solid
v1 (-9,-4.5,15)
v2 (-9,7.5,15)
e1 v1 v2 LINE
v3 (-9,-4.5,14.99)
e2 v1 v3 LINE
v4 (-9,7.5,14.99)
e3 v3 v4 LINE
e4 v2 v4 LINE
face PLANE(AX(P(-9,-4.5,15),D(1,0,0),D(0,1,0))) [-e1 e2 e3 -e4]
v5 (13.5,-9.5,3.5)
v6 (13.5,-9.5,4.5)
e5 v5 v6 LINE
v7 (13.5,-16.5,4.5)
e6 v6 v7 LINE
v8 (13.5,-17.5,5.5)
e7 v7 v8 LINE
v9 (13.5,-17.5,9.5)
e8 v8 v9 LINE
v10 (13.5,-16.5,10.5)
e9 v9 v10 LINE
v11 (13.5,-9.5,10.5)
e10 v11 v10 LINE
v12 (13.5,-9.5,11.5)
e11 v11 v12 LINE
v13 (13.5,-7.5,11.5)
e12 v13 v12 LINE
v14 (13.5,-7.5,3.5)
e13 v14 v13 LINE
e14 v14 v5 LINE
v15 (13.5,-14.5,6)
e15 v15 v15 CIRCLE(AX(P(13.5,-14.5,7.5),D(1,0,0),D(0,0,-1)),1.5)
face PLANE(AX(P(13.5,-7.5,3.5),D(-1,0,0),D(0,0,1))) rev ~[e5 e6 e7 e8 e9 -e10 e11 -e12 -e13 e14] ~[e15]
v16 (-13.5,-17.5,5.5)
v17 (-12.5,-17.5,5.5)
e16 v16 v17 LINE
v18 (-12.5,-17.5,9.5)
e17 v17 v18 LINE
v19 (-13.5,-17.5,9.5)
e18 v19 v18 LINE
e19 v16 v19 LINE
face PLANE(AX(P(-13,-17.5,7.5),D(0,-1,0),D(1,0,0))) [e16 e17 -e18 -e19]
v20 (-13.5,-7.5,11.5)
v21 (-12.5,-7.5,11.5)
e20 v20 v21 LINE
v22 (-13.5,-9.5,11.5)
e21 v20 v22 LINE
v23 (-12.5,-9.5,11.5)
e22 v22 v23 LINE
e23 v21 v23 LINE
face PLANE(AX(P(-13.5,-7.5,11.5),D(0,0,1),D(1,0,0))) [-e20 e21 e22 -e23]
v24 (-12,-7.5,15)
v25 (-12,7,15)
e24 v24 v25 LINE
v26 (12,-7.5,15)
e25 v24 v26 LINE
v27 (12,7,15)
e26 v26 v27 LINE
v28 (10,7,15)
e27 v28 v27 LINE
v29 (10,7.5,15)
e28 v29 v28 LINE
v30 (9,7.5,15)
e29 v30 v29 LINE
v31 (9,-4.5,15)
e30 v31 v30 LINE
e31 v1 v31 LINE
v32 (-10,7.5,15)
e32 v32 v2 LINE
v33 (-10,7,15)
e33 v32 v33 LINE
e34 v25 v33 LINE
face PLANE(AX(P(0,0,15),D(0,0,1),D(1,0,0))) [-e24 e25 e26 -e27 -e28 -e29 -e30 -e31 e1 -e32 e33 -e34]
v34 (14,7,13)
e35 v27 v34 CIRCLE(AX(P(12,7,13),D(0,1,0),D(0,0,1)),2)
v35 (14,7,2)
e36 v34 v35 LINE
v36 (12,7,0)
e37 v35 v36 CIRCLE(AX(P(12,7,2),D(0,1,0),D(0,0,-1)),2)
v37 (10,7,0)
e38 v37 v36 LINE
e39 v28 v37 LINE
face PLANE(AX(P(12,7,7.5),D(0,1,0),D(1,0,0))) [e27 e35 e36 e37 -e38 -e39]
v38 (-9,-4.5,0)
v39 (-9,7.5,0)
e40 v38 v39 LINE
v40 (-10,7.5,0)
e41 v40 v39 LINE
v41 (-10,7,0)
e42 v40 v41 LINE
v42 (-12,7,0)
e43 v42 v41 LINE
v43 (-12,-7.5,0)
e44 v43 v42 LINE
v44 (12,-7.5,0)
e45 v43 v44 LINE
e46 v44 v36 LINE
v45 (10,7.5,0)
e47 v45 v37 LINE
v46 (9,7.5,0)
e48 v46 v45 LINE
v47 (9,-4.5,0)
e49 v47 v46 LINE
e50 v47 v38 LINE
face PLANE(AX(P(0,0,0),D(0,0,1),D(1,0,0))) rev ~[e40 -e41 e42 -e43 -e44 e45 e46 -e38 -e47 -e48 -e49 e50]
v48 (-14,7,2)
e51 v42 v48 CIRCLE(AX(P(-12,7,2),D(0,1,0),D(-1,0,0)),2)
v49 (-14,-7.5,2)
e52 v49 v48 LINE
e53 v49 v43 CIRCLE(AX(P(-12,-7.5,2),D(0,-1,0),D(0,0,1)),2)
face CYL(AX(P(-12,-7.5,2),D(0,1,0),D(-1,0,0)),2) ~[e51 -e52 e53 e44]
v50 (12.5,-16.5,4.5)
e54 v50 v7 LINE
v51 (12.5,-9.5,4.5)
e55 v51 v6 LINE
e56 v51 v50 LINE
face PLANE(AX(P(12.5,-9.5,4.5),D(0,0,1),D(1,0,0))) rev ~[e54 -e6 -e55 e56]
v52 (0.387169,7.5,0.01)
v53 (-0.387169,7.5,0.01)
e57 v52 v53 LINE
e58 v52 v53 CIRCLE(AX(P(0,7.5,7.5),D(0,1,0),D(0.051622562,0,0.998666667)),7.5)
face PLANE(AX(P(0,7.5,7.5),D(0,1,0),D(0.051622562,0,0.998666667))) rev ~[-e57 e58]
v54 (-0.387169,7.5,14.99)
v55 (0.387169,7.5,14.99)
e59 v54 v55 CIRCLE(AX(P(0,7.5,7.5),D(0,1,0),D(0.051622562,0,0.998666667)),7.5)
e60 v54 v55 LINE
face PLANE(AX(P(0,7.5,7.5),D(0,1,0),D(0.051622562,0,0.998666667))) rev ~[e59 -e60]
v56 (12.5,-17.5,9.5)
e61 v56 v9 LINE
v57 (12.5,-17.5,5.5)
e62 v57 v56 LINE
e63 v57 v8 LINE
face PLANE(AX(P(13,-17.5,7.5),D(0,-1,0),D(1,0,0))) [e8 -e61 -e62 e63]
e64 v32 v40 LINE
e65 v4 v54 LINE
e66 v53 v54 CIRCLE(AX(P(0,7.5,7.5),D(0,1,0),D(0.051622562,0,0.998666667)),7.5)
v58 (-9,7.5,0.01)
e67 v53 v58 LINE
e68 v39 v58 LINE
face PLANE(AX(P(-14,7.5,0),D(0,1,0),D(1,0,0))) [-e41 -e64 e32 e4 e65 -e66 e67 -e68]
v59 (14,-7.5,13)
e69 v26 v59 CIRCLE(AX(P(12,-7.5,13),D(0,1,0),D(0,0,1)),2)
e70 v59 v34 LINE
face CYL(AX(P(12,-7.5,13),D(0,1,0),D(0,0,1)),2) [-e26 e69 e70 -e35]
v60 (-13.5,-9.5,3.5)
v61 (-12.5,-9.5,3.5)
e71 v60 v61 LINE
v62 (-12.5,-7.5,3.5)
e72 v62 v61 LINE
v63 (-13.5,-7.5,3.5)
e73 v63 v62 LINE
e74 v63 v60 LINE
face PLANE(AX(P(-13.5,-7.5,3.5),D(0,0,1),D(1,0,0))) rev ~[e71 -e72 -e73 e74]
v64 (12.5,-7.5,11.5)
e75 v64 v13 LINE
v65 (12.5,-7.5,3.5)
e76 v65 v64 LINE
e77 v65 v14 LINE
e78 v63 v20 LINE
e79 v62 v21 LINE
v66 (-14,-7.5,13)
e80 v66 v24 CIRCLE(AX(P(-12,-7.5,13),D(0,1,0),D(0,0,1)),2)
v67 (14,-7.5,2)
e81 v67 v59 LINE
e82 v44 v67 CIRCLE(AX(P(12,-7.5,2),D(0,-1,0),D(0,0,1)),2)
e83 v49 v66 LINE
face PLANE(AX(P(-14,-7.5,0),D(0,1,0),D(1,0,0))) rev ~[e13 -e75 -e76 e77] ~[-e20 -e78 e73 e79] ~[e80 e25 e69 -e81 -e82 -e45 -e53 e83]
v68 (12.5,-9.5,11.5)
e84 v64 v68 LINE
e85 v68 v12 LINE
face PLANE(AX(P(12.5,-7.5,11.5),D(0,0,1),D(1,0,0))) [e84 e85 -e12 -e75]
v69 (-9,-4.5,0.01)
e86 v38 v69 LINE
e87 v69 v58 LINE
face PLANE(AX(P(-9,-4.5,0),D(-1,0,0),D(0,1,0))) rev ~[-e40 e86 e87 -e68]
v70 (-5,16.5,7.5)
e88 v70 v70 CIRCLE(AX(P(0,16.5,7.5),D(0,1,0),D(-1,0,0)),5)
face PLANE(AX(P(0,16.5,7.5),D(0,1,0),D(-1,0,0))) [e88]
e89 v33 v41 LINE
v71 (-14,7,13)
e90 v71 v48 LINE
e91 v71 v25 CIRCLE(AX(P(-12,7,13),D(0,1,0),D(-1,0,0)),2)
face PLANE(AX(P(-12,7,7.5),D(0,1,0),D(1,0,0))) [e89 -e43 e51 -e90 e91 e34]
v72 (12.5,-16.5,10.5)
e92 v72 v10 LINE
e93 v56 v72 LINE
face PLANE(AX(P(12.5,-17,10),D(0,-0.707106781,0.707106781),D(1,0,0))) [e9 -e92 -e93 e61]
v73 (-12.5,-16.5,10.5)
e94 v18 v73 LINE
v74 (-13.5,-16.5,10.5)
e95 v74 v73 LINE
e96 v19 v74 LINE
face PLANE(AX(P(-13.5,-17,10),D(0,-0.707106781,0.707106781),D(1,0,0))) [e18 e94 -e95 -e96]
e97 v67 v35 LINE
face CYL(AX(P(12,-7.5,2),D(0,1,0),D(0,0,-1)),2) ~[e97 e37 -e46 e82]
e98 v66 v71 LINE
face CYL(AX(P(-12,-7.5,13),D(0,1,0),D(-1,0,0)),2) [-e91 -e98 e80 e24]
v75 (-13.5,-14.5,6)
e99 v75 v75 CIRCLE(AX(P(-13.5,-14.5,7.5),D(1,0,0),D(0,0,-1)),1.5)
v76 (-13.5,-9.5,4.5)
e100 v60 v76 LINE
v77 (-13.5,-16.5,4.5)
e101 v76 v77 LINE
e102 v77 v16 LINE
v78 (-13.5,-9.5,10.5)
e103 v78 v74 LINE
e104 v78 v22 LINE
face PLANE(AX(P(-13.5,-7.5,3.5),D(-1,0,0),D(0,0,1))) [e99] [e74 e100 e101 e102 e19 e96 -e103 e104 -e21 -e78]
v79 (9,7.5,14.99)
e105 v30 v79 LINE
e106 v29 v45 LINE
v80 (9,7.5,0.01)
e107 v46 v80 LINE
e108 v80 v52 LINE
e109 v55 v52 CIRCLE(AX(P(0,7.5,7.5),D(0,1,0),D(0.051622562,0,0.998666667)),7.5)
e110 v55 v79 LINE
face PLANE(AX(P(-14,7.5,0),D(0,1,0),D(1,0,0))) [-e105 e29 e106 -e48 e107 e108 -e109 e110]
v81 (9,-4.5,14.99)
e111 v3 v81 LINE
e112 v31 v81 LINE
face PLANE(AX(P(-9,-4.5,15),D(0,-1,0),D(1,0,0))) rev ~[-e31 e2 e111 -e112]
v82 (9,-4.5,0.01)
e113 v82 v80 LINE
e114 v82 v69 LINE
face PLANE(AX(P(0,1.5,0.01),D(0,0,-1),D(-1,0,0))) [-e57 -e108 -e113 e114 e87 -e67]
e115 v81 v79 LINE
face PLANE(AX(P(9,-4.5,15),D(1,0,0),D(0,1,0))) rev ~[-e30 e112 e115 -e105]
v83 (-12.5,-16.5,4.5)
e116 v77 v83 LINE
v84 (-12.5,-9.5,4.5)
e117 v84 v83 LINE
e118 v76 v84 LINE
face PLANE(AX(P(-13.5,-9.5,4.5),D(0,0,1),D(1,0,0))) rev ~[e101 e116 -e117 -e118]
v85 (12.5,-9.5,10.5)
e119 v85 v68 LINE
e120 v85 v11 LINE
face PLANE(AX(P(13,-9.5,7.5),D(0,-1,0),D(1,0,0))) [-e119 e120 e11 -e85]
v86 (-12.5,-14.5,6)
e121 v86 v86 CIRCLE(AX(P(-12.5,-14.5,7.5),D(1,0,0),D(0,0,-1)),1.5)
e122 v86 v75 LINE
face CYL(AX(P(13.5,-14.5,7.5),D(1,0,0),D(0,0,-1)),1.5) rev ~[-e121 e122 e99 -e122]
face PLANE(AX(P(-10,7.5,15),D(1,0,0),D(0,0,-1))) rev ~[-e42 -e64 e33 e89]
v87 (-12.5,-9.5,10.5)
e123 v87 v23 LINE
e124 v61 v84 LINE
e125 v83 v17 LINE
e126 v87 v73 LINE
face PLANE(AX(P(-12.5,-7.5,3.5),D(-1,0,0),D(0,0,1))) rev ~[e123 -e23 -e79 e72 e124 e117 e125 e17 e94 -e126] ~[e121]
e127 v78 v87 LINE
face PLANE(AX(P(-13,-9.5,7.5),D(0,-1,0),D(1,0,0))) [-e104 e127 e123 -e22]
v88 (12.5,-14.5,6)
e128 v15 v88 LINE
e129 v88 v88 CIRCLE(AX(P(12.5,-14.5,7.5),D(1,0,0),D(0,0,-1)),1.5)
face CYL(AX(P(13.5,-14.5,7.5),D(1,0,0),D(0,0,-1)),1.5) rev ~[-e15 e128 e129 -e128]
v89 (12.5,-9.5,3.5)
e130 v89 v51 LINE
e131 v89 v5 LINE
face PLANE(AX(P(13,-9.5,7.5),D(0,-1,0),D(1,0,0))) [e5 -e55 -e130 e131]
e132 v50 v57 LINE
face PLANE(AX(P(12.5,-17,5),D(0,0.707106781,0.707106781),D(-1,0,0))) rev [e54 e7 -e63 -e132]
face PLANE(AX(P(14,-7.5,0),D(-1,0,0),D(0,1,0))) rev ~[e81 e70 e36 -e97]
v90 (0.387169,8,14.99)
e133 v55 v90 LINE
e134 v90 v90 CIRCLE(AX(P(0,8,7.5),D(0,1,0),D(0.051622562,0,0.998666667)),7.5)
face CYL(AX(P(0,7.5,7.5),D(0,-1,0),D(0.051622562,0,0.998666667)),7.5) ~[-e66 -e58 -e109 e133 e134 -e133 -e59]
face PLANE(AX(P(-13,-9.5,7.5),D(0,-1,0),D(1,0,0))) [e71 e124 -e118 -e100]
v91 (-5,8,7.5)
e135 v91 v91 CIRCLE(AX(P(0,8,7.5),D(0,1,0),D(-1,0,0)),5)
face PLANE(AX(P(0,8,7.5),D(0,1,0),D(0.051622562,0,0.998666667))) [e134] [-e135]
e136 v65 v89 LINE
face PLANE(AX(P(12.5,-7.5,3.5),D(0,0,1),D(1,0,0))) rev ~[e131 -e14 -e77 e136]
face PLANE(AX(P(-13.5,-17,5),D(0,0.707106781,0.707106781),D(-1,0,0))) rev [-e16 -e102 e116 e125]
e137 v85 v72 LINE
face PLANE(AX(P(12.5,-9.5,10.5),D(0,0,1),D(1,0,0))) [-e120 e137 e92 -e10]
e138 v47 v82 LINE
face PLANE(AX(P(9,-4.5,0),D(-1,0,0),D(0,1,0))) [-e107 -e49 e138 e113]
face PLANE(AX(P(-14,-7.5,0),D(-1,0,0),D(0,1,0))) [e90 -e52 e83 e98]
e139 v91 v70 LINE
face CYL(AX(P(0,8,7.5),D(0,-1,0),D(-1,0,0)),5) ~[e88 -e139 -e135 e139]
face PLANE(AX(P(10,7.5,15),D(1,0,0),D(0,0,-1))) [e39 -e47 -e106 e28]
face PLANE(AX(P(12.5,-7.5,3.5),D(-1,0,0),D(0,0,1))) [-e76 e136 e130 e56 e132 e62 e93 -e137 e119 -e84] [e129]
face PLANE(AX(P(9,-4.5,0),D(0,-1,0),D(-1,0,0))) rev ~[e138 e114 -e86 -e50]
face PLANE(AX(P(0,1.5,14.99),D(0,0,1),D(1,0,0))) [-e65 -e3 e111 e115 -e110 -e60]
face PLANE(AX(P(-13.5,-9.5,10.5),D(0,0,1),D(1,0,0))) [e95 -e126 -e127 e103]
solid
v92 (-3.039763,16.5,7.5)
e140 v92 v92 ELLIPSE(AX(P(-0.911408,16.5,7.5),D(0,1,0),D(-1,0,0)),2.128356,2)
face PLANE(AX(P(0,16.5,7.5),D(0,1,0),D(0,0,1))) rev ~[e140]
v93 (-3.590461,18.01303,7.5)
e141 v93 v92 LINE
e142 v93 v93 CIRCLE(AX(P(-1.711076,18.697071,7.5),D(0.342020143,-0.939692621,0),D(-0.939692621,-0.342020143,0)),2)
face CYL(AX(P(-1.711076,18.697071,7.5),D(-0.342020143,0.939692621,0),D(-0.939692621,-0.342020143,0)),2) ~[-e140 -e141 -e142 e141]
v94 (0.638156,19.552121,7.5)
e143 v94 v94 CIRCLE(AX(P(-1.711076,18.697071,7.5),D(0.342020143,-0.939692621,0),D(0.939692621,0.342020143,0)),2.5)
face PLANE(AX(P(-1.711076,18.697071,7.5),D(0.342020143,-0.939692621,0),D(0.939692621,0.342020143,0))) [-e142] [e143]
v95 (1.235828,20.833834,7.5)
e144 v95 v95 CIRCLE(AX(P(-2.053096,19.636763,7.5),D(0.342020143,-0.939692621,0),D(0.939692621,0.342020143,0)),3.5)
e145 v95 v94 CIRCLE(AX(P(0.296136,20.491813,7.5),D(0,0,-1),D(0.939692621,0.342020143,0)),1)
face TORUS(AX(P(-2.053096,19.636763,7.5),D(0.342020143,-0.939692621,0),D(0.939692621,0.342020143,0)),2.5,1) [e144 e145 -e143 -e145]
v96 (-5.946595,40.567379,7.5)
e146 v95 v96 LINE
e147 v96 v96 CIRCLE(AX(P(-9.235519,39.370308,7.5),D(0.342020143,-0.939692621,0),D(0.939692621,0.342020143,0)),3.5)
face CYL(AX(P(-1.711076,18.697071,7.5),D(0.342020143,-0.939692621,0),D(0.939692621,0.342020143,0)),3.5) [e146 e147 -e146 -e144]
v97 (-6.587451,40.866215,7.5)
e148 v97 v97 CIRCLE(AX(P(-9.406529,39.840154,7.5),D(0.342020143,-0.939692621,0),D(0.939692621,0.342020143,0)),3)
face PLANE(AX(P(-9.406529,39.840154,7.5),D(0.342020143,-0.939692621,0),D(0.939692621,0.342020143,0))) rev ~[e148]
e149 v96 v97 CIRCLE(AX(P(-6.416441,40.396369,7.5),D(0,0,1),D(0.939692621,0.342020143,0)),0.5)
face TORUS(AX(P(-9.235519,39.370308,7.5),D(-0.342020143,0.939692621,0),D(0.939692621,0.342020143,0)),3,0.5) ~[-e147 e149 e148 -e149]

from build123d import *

# Parameters (mm, degrees)
SKETCH_1_W          = 28
SKETCH_1_H          = 15
EXTRUDE_1_DEPTH     = 15
SKETCH_2_W          = 1
SKETCH_2_H          = 8
EXTRUDE_2_DEPTH     = 2
SKETCH_3_W          = 1
SKETCH_3_H          = 6
EXTRUDE_3_DEPTH     = 8
SKETCH_4_W          = 1
SKETCH_4_H          = 6
EXTRUDE_4_DEPTH     = 8
FILLET_1_R          = 2
CHAMFER_1_SIZE      = 1
SKETCH_5_R          = 1.5
CUT_EXTRUDE_1_DEPTH = 36.881750236
SKETCH_6_W          = 4
SKETCH_6_H          = 15
CUT_EXTRUDE_2_DEPTH = 0.5
SKETCH_7_W          = 18
SKETCH_7_H          = 12
CUT_EXTRUDE_3_DEPTH = 0.01
SKETCH_8_W          = 18
SKETCH_8_H          = 12
CUT_EXTRUDE_4_DEPTH = 0.01
SKETCH_9_R          = 7.5
EXTRUDE_5_DEPTH     = 0.5
SKETCH_10_R         = 5
EXTRUDE_6_DEPTH     = 8.5
EXTRUDE_7_REACH     = 44.753
SKETCH_22_R         = 2
SKETCH_23_R         = 3.5
EXTRUDE_8_DEPTH     = 22.5
FILLET_2_R          = 1
FILLET_3_R          = 0.5


with BuildPart() as part:
    # ｽｹｯﾁ1 → ﾎﾞｽ - 押し出し1 (new body)
    with BuildSketch(Plane.XY):
        Rectangle(SKETCH_1_W, SKETCH_1_H)
    extrude(amount=EXTRUDE_1_DEPTH)

    # ｽｹｯﾁ2 → ﾎﾞｽ - 押し出し2 (add)
    with BuildSketch(Plane.XZ.offset(7.5)):
        with Locations((-13, 7.5)):
            Rectangle(SKETCH_2_W, SKETCH_2_H)
        with Locations((13, 7.5)):
            Rectangle(SKETCH_2_W, SKETCH_2_H)
    extrude(amount=EXTRUDE_2_DEPTH)

    # ｽｹｯﾁ3 → ﾎﾞｽ - 押し出し3 (add)
    with BuildSketch(Plane.XZ.offset(9.5)):
        with Locations((-13, 7.5)):
            Rectangle(SKETCH_3_W, SKETCH_3_H)
    extrude(amount=EXTRUDE_3_DEPTH)

    # ｽｹｯﾁ4 → ﾎﾞｽ - 押し出し4 (add)
    with BuildSketch(Plane.XZ.offset(9.5)):
        with Locations((13, 7.5)):
            Rectangle(SKETCH_4_W, SKETCH_4_H)
    extrude(amount=EXTRUDE_4_DEPTH)

    # ﾌｨﾚｯﾄ1
    fillet_1_edges = [part.edges().sort_by_distance(p)[0] for p in [
        (14, 0, 15),
        (-14, 0, 15),
        (14, 0, 0),
        (-14, 0, 0),
    ]]
    fillet(fillet_1_edges, radius=FILLET_1_R)

    # 面取り1
    chamfer_1_edges = [part.edges().sort_by_distance(p)[0] for p in [
        (-13, -17.5, 4.5),
        (-13, -17.5, 10.5),
        (13, -17.5, 4.5),
        (13, -17.5, 10.5),
    ]]
    chamfer(chamfer_1_edges, length=CHAMFER_1_SIZE)

    # ｽｹｯﾁ5 → ｶｯﾄ - 押し出し1 (cut, through all)
    with BuildSketch(Plane(origin=(13.5, 0, 0), x_dir=(0, 0, -1), z_dir=(1, 0, 0))):
        with Locations((-7.5, -14.5)):
            Circle(SKETCH_5_R)
    extrude(amount=-CUT_EXTRUDE_1_DEPTH, mode=Mode.SUBTRACT)

    # ｽｹｯﾁ6 → ｶｯﾄ - 押し出し2 (cut)
    with BuildSketch(Plane(origin=(0, 7.5, 0), x_dir=(1, 0, 0), z_dir=(0, 1, 0))):
        with Locations((-12, -7.5)):
            Rectangle(SKETCH_6_W, SKETCH_6_H)
        with Locations((12, -7.5)):
            Rectangle(SKETCH_6_W, SKETCH_6_H)
    extrude(amount=-CUT_EXTRUDE_2_DEPTH, mode=Mode.SUBTRACT)

    # ｽｹｯﾁ7 → ｶｯﾄ - 押し出し3 (cut)
    with BuildSketch(Plane.XY.offset(15)):
        with Locations((0, 1.5)):
            Rectangle(SKETCH_7_W, SKETCH_7_H)
    extrude(amount=-CUT_EXTRUDE_3_DEPTH, mode=Mode.SUBTRACT)

    # ｽｹｯﾁ8 → ｶｯﾄ - 押し出し4 (cut)
    with BuildSketch(Plane(origin=(0, 0, 0), x_dir=(-1, 0, 0), z_dir=(0, 0, -1))):
        with Locations((0, 1.5)):
            Rectangle(SKETCH_8_W, SKETCH_8_H)
    extrude(amount=-CUT_EXTRUDE_4_DEPTH, mode=Mode.SUBTRACT)

    # ｽｹｯﾁ9 → ﾎﾞｽ - 押し出し5 (add)
    with BuildSketch(Plane(origin=(0, 7.5, 0), x_dir=(1, 0, 0), z_dir=(0, 1, 0))):
        with Locations(Location((0, -7.5, 0), (0, 0, 272.959070179))):
            Circle(SKETCH_9_R)
    extrude(amount=EXTRUDE_5_DEPTH)

    # ｽｹｯﾁ10 → ﾎﾞｽ - 押し出し6 (add)
    with BuildSketch(Plane(origin=(0, 8, 0), x_dir=(1, 0, 0), z_dir=(0, 1, 0))):
        with Locations(Location((0, -7.5, 0), (0, 0, 180))):
            Circle(SKETCH_10_R)
    extrude(amount=EXTRUDE_6_DEPTH)


with BuildPart() as body_2:
    # ﾎﾞｽ - 押し出し7: up to this plane
    extrude_7_end = Plane(origin=(0, 16.5, 7.5), z_dir=(0, 1, 0))
    # ｽｹｯﾁ22 → ﾎﾞｽ - 押し出し7 (new, up to the surface)
    with BuildSketch(Plane(origin=(-6.209280477, 17.059857902, 0), x_dir=(-0.9396926207859082, -0.3420201433256695, 0), z_dir=(0.3420201433256695, -0.9396926207859082, 0)), mode=Mode.PRIVATE) as extrude_7_sk1:
        with Locations((-4.786889404, -7.5)):
            Circle(SKETCH_22_R)
    extrude_7_tool1 = split(extrude(extrude_7_sk1.sketch, amount=EXTRUDE_7_REACH, mode=Mode.PRIVATE), bisect_by=extrude_7_end, keep=Keep.BOTH, mode=Mode.PRIVATE)
    add(extrude_7_tool1.solids().sort_by_distance((-1.711076, 18.697071, 7.5))[0])

    # ｽｹｯﾁ23 → ﾎﾞｽ - 押し出し8 (add)
    with BuildSketch(Plane(origin=(-6.209280477, 17.059857902, 0), x_dir=(-0.9396926207859082, -0.3420201433256695, 0), z_dir=(0.3420201433256695, -0.9396926207859082, 0))):
        with Locations(Location((-4.786889404, -7.5, 0), (0, 0, 180))):
            Circle(SKETCH_23_R)
    extrude(amount=-EXTRUDE_8_DEPTH)

    # ﾌｨﾚｯﾄ2
    fillet_2_edges = [body_2.edges().sort_by_distance(p)[0] for p in [
        (-5, 17.5, 7.5),
    ]]
    fillet(fillet_2_edges, radius=FILLET_2_R)

    # ﾌｨﾚｯﾄ3
    fillet_3_edges = [body_2.edges().sort_by_distance(p)[0] for p in [
        (-12.695453225, 38.643083968, 7.5),
    ]]
    fillet(fillet_3_edges, radius=FILLET_3_R)


solid = Compound([part.part, body_2.part])
